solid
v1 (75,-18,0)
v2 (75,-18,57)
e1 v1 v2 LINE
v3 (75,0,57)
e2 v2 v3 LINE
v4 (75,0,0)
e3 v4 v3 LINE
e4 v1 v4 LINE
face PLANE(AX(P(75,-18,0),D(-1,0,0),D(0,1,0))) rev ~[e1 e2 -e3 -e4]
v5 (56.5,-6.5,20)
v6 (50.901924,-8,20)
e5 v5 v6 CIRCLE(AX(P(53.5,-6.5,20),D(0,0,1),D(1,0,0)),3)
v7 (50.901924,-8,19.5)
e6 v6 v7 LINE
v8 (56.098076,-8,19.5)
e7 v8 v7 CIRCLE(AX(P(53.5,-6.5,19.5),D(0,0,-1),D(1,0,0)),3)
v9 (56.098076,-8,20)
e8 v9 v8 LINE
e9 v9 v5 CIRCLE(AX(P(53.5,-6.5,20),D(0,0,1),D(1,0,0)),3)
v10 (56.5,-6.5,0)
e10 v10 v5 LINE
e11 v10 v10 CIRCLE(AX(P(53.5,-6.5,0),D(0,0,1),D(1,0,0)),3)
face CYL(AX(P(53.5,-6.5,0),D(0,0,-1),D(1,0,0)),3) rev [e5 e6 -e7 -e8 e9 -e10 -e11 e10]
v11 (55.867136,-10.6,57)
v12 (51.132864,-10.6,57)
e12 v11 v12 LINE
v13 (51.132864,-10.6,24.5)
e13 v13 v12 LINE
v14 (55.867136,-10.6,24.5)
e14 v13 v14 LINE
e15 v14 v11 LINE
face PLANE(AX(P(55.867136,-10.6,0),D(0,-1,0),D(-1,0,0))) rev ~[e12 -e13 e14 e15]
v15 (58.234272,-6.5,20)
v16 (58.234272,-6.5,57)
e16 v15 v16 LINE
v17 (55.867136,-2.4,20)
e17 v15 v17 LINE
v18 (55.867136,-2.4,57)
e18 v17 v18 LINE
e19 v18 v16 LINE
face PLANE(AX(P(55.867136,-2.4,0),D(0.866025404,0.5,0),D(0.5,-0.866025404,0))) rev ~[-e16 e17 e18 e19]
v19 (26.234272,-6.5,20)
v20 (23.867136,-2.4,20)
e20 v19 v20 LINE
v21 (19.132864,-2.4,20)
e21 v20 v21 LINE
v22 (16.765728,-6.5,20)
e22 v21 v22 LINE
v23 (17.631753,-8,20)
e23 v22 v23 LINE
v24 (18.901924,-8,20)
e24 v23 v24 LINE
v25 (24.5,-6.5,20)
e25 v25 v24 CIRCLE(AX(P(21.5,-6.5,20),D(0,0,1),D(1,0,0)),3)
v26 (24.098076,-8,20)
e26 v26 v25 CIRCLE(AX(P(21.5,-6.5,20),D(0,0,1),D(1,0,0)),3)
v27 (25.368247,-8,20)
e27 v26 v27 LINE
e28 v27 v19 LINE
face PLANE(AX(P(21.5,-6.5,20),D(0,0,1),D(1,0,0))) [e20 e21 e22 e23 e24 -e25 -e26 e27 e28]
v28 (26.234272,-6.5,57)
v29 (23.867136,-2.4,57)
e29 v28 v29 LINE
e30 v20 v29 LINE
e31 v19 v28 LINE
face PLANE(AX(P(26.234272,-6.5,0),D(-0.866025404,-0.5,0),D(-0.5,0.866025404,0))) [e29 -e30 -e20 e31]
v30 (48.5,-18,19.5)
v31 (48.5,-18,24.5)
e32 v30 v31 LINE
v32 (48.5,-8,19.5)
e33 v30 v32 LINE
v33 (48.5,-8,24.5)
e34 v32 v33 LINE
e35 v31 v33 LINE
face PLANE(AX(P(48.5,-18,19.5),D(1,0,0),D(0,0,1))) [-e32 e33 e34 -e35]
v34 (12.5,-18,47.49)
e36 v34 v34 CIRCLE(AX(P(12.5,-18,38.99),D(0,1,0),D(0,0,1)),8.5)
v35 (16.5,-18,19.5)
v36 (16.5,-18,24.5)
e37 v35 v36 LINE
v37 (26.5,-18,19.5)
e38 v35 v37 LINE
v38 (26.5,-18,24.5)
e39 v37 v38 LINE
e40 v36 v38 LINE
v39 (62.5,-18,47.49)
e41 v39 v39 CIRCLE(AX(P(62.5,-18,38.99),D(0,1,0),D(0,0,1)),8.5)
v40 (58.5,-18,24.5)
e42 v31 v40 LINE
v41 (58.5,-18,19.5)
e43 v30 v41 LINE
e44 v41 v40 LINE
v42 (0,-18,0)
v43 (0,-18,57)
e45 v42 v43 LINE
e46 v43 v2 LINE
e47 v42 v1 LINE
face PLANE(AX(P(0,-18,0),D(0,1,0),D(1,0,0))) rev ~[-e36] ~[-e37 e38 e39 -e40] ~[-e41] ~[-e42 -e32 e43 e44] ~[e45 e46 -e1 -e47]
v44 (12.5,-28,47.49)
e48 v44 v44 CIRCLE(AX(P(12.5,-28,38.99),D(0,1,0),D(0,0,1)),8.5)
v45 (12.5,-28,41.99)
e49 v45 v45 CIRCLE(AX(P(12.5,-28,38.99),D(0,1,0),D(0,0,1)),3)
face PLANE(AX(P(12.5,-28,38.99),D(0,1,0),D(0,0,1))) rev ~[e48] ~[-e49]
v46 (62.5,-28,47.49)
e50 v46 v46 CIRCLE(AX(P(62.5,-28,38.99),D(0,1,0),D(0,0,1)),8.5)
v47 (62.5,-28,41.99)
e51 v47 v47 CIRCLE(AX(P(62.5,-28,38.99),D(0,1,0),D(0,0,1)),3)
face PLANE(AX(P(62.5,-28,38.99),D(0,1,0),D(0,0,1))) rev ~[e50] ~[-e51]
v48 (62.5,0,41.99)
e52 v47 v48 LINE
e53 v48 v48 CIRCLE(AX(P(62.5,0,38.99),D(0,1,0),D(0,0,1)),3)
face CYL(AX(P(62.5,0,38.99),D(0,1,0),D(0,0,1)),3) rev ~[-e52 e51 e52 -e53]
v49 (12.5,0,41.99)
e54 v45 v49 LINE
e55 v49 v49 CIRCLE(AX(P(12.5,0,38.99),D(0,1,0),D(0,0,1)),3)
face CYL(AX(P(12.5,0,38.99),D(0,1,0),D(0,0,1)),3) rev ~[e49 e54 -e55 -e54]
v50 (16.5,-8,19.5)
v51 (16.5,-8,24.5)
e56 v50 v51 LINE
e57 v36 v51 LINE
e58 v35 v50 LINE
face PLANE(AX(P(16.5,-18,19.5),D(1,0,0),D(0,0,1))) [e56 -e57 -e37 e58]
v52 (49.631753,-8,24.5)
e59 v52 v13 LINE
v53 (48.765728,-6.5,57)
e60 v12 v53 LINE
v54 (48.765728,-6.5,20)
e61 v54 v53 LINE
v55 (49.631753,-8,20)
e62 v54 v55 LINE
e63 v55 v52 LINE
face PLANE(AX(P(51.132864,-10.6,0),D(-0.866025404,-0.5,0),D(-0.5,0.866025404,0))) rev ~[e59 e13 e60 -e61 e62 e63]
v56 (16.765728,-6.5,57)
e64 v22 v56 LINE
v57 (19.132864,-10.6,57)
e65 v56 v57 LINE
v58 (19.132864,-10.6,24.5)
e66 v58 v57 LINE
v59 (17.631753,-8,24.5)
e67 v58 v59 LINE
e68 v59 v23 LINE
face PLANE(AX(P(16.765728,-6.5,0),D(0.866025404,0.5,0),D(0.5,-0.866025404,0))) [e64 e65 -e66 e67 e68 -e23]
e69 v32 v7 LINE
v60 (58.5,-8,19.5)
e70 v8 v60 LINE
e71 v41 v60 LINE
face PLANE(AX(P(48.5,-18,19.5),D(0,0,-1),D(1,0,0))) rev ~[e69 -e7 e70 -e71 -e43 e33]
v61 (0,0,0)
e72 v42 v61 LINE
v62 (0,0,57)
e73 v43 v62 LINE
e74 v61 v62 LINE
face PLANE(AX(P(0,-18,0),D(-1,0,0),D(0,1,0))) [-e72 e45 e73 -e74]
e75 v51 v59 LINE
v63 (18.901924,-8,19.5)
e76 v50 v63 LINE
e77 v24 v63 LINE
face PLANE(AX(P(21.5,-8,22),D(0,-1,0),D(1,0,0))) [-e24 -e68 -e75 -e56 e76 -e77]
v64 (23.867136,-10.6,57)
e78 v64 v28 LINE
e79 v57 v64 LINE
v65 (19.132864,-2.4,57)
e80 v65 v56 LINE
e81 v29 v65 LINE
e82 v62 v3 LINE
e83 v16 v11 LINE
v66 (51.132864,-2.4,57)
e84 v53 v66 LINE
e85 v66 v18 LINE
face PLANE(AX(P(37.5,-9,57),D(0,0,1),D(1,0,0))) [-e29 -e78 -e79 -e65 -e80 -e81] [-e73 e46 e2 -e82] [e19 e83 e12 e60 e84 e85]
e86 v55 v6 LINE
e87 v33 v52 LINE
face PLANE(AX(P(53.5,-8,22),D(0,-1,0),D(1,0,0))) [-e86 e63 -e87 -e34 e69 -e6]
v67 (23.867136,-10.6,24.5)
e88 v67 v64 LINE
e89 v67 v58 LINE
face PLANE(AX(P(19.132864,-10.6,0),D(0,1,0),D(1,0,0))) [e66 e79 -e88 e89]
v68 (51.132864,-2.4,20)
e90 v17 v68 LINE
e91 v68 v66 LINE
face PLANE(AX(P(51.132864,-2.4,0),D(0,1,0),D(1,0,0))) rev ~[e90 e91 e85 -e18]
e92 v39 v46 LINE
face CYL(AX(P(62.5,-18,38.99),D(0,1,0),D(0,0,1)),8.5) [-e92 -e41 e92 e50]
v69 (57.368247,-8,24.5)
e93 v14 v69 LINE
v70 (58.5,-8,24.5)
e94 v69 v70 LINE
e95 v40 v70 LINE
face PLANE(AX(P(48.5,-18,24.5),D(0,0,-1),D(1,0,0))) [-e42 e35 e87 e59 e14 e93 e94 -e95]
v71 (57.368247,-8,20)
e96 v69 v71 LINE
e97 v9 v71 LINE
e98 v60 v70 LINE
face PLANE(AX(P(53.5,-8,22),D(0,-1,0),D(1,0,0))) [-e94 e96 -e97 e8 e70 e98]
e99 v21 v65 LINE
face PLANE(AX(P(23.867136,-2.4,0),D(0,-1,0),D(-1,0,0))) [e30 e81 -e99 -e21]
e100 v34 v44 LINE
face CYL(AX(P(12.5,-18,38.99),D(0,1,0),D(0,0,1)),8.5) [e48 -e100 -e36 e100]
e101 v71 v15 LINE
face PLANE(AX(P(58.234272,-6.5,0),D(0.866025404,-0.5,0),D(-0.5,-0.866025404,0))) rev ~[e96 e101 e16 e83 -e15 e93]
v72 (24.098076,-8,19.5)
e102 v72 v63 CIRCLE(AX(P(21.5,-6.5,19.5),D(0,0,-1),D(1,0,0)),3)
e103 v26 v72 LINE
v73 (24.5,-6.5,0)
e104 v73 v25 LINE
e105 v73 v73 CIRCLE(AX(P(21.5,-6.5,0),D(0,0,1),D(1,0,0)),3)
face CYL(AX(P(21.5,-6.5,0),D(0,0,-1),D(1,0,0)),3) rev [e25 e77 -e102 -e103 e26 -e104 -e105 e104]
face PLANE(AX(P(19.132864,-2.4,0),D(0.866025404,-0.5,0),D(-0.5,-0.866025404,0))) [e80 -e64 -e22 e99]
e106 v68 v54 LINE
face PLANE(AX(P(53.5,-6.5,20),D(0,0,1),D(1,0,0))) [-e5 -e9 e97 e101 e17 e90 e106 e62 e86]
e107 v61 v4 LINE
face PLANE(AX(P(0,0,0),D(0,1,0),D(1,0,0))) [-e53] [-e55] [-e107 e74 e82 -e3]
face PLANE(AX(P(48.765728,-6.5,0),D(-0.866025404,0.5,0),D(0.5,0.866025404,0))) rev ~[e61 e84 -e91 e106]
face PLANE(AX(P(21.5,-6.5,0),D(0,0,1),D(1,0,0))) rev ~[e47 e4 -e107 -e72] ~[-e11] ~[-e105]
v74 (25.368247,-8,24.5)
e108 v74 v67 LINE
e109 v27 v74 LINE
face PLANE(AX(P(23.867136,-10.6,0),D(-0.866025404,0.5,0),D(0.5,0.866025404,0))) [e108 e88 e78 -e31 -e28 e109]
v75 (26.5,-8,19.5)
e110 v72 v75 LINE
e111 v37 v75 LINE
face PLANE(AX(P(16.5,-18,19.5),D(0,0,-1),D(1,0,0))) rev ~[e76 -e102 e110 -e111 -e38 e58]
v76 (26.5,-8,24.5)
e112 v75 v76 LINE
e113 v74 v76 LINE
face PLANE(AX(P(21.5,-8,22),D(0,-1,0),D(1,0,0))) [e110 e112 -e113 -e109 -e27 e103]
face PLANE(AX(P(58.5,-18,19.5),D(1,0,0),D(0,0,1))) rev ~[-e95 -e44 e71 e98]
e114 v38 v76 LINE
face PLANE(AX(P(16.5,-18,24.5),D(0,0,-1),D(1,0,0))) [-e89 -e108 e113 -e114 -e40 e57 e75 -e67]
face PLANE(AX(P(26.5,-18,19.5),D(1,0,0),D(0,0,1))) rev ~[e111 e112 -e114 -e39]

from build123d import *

# Parameters (mm, degrees)
SKETCH1_W           = 75
SKETCH1_H           = 18
BOSS_EXTRUDE1_DEPTH = 57
SKETCH1_3_R         = 3
BOSS_EXTRUDE2_DEPTH = 20
BOSS_EXTRUDE3_START = -18
SKETCH2_R           = 8.5
SKETCH2_R_2         = 3
BOSS_EXTRUDE3_DEPTH = 10
SKETCH2_2_R         = 3
CUT_EXTRUDE3_DEPTH  = 18
SKETCH3_W           = 10
SKETCH3_H           = 5
CUT_EXTRUDE4_DEPTH  = 10


with BuildPart() as part:
    # Sketch1 → Boss-Extrude1 (new body)
    with BuildSketch(Plane.XY):
        with Locations((37.5, -9)):
            Rectangle(SKETCH1_W, SKETCH1_H)
        Polygon((19.132863896, -10.6), (23.867136104, -10.6), (26.234272207, -6.5), (23.867136104, -2.4), (19.132863896, -2.4), (16.765727793, -6.5), align=None, mode=Mode.SUBTRACT)
        Polygon((58.234272207, -6.5), (55.867136104, -10.6), (51.132863896, -10.6), (48.765727793, -6.5), (51.132863896, -2.4), (55.867136104, -2.4), align=None, mode=Mode.SUBTRACT)
    extrude(amount=BOSS_EXTRUDE1_DEPTH)

    # Sketch1<3> → Boss-Extrude2 (add)
    # profile 1 of 2: a face of its own
    with BuildSketch(Plane.XY):
        Polygon((16.765727793, -6.5), (19.132863896, -10.6), (23.867136104, -10.6), (26.234272207, -6.5), (23.867136104, -2.4), (19.132863896, -2.4), align=None)
        with Locations((21.5, -6.5)):
            Circle(SKETCH1_3_R, mode=Mode.SUBTRACT)
    # profile 2 of 2: a face of its own
    with BuildSketch(Plane.XY):
        Polygon((55.867136104, -10.6), (58.234272207, -6.5), (55.867136104, -2.4), (51.132863896, -2.4), (48.765727793, -6.5), (51.132863896, -10.6), align=None)
        with Locations((53.5, -6.5)):
            Circle(SKETCH1_3_R, mode=Mode.SUBTRACT)
    extrude(amount=BOSS_EXTRUDE2_DEPTH)

    # Sketch2 → Boss-Extrude3 (add)
    # profile 1 of 2: a face of its own
    with BuildSketch(Plane(origin=(0, 0, 0), x_dir=(1, 0, 0), z_dir=(0, 1, 0)).offset(BOSS_EXTRUDE3_START)):
        with Locations(Location((12.5, -38.99, 0), (0, 0, 270))):
            Circle(SKETCH2_R)
        with Locations(Location((12.5, -38.99, 0), (0, 0, 270))):
            Circle(SKETCH2_R_2, mode=Mode.SUBTRACT)
    # profile 2 of 2: a face of its own
    with BuildSketch(Plane(origin=(0, 0, 0), x_dir=(1, 0, 0), z_dir=(0, 1, 0)).offset(BOSS_EXTRUDE3_START)):
        with Locations(Location((62.5, -38.99, 0), (0, 0, 270))):
            Circle(SKETCH2_R)
        with Locations(Location((62.5, -38.99, 0), (0, 0, 270))):
            Circle(SKETCH2_R_2, mode=Mode.SUBTRACT)
    extrude(amount=-BOSS_EXTRUDE3_DEPTH)

    # Sketch2<2> → Cut-Extrude3 (cut)
    with BuildSketch(Plane(origin=(0, 0, 0), x_dir=(1, 0, 0), z_dir=(0, 1, 0))):
        with Locations(Location((12.5, -38.99, 0), (0, 0, 270))):
            Circle(SKETCH2_2_R)
        with Locations(Location((62.5, -38.99, 0), (0, 0, 270))):
            Circle(SKETCH2_2_R)
    extrude(amount=-CUT_EXTRUDE3_DEPTH, mode=Mode.SUBTRACT)

    # Sketch3 → Cut-Extrude4 (cut)
    with BuildSketch(Plane.XZ.offset(18)):
        with Locations((21.5, 22)):
            Rectangle(SKETCH3_W, SKETCH3_H)
        with Locations((53.5, 22)):
            Rectangle(SKETCH3_W, SKETCH3_H)
    extrude(amount=-CUT_EXTRUDE4_DEPTH, mode=Mode.SUBTRACT)


solid = part.part
